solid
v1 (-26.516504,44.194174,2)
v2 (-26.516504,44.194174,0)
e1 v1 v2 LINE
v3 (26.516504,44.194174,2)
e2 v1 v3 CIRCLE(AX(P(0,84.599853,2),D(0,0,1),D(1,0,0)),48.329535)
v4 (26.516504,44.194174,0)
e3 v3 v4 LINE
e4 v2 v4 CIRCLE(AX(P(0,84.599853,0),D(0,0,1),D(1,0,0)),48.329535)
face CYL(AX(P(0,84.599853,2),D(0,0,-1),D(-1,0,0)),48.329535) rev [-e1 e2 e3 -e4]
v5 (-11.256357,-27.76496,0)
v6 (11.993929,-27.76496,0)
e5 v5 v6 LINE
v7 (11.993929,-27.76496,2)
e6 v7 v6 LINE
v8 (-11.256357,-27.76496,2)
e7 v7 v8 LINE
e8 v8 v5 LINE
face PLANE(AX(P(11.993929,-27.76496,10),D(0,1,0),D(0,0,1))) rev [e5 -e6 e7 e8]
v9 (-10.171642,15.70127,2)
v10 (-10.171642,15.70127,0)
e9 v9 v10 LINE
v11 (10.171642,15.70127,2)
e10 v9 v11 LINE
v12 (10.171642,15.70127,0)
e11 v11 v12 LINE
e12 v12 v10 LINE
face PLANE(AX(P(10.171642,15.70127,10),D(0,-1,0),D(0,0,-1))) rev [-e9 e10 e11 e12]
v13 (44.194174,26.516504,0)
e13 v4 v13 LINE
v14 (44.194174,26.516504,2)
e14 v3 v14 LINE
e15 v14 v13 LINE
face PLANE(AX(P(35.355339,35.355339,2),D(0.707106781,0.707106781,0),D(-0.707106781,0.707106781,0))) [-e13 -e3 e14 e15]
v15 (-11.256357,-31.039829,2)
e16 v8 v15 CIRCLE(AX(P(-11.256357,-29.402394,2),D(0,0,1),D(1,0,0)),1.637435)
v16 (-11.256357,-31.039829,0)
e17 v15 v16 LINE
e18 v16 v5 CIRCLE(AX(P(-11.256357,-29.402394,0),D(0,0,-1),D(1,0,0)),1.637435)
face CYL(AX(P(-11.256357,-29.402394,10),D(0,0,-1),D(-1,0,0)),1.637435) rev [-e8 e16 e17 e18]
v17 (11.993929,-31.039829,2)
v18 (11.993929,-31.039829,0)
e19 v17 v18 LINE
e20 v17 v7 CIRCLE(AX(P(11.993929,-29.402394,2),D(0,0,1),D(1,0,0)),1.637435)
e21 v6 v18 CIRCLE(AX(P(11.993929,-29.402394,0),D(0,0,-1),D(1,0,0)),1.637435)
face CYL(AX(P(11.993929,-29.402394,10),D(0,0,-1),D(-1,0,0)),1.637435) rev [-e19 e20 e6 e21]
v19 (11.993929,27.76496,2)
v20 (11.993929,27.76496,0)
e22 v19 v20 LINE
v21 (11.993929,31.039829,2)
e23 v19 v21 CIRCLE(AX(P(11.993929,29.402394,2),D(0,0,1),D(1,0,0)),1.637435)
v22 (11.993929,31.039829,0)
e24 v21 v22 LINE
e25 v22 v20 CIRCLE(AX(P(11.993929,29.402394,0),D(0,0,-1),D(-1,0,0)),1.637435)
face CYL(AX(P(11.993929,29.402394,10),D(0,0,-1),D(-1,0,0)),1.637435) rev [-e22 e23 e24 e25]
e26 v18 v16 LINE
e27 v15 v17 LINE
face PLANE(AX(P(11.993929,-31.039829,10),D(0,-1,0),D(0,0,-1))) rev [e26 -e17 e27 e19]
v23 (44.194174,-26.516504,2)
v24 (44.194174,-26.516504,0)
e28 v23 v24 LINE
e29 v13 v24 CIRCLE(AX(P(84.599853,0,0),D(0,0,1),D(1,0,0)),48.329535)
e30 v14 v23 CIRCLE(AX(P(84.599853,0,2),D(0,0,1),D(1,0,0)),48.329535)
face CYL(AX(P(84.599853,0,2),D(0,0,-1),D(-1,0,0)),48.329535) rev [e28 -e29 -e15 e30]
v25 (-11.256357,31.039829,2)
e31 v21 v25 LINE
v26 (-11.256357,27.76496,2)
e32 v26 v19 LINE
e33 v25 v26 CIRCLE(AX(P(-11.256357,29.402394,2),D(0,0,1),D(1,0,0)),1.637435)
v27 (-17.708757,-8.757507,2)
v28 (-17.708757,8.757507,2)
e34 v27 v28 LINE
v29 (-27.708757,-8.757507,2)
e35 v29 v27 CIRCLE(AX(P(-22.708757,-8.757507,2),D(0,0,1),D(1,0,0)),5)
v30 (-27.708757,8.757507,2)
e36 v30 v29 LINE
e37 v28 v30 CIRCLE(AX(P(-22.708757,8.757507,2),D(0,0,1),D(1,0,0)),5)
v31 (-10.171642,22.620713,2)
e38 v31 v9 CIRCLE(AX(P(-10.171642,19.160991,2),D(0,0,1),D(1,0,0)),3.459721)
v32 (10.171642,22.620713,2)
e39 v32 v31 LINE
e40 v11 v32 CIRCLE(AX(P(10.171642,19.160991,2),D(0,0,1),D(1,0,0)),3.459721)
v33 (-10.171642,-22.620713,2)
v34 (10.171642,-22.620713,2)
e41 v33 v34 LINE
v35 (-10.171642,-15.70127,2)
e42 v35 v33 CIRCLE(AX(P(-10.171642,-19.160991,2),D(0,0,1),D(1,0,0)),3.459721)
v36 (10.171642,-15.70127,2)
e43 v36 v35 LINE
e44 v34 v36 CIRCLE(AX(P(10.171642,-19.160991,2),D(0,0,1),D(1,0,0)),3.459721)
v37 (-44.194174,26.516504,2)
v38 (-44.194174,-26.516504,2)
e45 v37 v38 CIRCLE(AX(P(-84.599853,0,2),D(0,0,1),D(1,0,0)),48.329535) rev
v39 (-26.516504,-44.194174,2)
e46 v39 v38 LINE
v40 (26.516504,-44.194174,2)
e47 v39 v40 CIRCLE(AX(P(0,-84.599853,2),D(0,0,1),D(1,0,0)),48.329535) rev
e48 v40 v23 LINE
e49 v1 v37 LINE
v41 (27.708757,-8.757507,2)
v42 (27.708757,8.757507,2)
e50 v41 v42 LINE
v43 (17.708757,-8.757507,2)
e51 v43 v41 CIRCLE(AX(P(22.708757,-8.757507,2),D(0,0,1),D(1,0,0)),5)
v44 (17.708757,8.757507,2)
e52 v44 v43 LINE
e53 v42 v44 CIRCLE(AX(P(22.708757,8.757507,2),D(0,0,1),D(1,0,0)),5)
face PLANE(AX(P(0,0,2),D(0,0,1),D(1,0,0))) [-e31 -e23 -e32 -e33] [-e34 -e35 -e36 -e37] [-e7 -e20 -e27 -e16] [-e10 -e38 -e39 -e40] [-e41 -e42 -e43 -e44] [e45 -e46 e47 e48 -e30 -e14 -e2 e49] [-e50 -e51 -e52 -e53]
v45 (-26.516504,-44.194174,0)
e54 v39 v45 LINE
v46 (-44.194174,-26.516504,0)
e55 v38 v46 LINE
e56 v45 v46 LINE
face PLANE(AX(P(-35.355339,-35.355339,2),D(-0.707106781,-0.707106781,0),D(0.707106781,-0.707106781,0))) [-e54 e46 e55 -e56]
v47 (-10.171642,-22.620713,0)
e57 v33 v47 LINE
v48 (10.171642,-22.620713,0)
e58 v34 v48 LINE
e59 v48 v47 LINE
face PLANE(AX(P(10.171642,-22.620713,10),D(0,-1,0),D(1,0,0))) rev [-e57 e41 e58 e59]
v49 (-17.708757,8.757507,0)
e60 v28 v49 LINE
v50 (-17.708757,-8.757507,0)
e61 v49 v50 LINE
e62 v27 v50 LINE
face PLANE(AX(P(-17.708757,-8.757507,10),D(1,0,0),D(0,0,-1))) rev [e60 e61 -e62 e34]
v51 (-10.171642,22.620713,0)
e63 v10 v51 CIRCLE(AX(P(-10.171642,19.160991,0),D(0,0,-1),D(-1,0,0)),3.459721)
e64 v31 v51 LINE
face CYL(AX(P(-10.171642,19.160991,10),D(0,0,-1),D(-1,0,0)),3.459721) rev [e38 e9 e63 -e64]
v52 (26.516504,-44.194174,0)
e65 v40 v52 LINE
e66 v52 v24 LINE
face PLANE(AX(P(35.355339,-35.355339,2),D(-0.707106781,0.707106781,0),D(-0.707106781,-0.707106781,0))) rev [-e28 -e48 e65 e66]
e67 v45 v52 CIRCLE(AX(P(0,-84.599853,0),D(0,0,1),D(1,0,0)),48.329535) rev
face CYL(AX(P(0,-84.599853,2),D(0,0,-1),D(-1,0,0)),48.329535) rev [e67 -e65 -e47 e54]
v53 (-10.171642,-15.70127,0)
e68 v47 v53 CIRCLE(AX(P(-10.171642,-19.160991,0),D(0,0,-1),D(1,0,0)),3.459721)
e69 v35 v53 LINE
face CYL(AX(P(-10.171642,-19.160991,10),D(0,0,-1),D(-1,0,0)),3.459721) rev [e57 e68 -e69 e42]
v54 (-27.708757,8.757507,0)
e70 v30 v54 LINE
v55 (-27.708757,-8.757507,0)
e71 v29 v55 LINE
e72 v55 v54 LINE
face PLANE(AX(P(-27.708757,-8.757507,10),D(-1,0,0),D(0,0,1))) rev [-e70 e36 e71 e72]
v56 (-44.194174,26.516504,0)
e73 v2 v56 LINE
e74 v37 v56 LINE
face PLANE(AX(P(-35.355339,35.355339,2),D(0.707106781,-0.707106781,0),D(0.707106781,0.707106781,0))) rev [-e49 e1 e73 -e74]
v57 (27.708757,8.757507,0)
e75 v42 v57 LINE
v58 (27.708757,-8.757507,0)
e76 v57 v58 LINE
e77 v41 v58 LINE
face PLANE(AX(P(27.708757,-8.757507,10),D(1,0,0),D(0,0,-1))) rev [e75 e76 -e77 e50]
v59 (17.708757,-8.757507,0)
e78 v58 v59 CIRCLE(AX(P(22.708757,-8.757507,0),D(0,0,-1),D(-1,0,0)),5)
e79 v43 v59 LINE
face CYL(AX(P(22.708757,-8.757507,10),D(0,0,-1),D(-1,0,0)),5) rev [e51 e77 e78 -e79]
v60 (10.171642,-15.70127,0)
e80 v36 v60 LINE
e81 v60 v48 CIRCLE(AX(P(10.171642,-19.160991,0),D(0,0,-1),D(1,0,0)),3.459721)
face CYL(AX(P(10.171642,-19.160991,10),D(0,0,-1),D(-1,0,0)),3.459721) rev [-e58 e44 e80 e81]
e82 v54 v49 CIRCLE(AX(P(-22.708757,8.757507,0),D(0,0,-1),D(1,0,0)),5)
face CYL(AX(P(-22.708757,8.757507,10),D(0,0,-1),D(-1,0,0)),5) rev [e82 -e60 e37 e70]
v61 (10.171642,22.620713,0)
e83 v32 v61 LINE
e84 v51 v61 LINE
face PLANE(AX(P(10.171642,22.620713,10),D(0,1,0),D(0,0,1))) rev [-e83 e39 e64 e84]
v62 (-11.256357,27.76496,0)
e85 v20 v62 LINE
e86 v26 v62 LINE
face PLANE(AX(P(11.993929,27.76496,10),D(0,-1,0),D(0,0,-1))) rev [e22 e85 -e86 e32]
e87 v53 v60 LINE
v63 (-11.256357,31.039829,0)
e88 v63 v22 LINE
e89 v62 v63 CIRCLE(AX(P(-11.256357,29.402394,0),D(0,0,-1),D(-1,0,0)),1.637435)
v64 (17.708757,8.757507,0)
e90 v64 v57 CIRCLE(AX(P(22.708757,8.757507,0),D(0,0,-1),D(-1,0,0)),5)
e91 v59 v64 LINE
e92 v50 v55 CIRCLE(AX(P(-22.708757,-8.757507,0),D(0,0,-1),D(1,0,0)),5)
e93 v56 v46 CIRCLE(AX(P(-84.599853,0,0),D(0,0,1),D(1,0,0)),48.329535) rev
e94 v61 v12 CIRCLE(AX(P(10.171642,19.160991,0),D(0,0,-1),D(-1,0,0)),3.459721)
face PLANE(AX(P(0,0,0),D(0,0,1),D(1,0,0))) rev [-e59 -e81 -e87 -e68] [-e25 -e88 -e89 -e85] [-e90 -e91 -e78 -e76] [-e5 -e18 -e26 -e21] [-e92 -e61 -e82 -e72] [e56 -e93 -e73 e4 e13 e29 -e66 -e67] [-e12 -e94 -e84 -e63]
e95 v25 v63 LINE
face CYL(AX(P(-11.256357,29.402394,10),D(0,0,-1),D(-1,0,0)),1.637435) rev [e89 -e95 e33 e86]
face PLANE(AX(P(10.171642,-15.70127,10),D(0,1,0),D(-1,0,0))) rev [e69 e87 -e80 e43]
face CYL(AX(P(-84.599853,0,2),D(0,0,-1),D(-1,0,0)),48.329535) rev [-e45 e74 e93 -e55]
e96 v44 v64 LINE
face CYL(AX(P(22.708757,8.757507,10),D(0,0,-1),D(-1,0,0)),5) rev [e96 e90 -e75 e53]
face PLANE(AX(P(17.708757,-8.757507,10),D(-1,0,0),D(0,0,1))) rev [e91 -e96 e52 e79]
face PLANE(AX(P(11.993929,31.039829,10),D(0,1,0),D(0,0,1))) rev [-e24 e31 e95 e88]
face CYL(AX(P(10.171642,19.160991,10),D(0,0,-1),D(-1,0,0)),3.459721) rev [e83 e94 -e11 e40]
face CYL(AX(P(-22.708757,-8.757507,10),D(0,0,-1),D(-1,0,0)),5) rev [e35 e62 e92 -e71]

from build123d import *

# Parameters (mm, degrees)
BOSS_EXTRUDE1_DEPTH = 2
CUT_EXTRUDE1_DEPTH  = 10


with BuildPart() as part:
    # Sketch1 → Boss-Extrude1 (new body)
    with BuildSketch(Plane.XY):
        with BuildLine():
            Line((-26.516504294, 44.194173824), (-44.194173824, 26.516504294))
            ThreePointArc((-44.194173824, 26.516504294), (-36.270318491, 0), (-44.194173824, -26.516504294))
            Line((-44.194173824, -26.516504294), (-26.516504294, -44.194173824))
            ThreePointArc((-26.516504294, -44.194173824), (0, -36.270318491), (26.516504294, -44.194173824))
            Line((26.516504294, -44.194173824), (44.194173824, -26.516504294))
            ThreePointArc((44.194173824, -26.516504294), (36.270318491, 0), (44.194173824, 26.516504294))
            Line((44.194173824, 26.516504294), (26.516504294, 44.194173824))
            ThreePointArc((26.516504294, 44.194173824), (0, 36.270318491), (-26.516504294, 44.194173824))
        make_face()
    extrude(amount=BOSS_EXTRUDE1_DEPTH)

    # Sketch2 → Cut-Extrude1 (cut)
    with BuildSketch(Plane(origin=(0, 0, 0), x_dir=(-1, 0, 0), z_dir=(0, 0, -1))):
        with BuildLine():
            Line((-27.708756501, -8.757507261), (-27.708756501, 8.757507261))
            ThreePointArc((-27.708756501, 8.757507261), (-22.708756501, 13.757507261), (-17.708756501, 8.757507261))
            Line((-17.708756501, 8.757507261), (-17.708756501, -8.757507261))
            ThreePointArc((-17.708756501, -8.757507261), (-22.708756501, -13.757507261), (-27.708756501, -8.757507261))
        make_face()
        with BuildLine():
            Line((27.708756501, -8.757507261), (27.708756501, 8.757507261))
            ThreePointArc((27.708756501, 8.757507261), (22.708756501, 13.757507261), (17.708756501, 8.757507261))
            Line((17.708756501, 8.757507261), (17.708756501, -8.757507261))
            ThreePointArc((17.708756501, -8.757507261), (22.708756501, -13.757507261), (27.708756501, -8.757507261))
        make_face()
        with BuildLine():
            Line((-10.171642348, 22.620712564), (10.171642348, 22.620712564))
            ThreePointArc((10.171642348, 22.620712564), (13.631363465, 19.160991447), (10.171642348, 15.70127033))
            Line((10.171642348, 15.70127033), (-10.171642348, 15.70127033))
            ThreePointArc((-10.171642348, 15.70127033), (-13.631363465, 19.160991447), (-10.171642348, 22.620712564))
        make_face()
        with BuildLine():
            Line((-11.993928965, 31.0398289), (11.256357494, 31.0398289))
            ThreePointArc((11.256357494, 31.0398289), (12.893791994, 29.402394399), (11.256357494, 27.764959899))
            Line((11.256357494, 27.764959899), (-11.993928965, 27.764959899))
            ThreePointArc((-11.993928965, 27.764959899), (-13.631363465, 29.402394399), (-11.993928965, 31.0398289))
        make_face()
        with BuildLine():
            Line((-10.171642348, -22.620712564), (10.171642348, -22.620712564))
            ThreePointArc((10.171642348, -22.620712564), (13.631363465, -19.160991447), (10.171642348, -15.70127033))
            Line((10.171642348, -15.70127033), (-10.171642348, -15.70127033))
            ThreePointArc((-10.171642348, -15.70127033), (-13.631363465, -19.160991447), (-10.171642348, -22.620712564))
        make_face()
        with BuildLine():
            Line((-11.993928965, -31.0398289), (11.256357494, -31.0398289))
            ThreePointArc((11.256357494, -31.0398289), (12.893791994, -29.402394399), (11.256357494, -27.764959899))
            Line((11.256357494, -27.764959899), (-11.993928965, -27.764959899))
            ThreePointArc((-11.993928965, -27.764959899), (-13.631363465, -29.402394399), (-11.993928965, -31.0398289))
        make_face()
    extrude(amount=-CUT_EXTRUDE1_DEPTH, mode=Mode.SUBTRACT)


solid = part.part
